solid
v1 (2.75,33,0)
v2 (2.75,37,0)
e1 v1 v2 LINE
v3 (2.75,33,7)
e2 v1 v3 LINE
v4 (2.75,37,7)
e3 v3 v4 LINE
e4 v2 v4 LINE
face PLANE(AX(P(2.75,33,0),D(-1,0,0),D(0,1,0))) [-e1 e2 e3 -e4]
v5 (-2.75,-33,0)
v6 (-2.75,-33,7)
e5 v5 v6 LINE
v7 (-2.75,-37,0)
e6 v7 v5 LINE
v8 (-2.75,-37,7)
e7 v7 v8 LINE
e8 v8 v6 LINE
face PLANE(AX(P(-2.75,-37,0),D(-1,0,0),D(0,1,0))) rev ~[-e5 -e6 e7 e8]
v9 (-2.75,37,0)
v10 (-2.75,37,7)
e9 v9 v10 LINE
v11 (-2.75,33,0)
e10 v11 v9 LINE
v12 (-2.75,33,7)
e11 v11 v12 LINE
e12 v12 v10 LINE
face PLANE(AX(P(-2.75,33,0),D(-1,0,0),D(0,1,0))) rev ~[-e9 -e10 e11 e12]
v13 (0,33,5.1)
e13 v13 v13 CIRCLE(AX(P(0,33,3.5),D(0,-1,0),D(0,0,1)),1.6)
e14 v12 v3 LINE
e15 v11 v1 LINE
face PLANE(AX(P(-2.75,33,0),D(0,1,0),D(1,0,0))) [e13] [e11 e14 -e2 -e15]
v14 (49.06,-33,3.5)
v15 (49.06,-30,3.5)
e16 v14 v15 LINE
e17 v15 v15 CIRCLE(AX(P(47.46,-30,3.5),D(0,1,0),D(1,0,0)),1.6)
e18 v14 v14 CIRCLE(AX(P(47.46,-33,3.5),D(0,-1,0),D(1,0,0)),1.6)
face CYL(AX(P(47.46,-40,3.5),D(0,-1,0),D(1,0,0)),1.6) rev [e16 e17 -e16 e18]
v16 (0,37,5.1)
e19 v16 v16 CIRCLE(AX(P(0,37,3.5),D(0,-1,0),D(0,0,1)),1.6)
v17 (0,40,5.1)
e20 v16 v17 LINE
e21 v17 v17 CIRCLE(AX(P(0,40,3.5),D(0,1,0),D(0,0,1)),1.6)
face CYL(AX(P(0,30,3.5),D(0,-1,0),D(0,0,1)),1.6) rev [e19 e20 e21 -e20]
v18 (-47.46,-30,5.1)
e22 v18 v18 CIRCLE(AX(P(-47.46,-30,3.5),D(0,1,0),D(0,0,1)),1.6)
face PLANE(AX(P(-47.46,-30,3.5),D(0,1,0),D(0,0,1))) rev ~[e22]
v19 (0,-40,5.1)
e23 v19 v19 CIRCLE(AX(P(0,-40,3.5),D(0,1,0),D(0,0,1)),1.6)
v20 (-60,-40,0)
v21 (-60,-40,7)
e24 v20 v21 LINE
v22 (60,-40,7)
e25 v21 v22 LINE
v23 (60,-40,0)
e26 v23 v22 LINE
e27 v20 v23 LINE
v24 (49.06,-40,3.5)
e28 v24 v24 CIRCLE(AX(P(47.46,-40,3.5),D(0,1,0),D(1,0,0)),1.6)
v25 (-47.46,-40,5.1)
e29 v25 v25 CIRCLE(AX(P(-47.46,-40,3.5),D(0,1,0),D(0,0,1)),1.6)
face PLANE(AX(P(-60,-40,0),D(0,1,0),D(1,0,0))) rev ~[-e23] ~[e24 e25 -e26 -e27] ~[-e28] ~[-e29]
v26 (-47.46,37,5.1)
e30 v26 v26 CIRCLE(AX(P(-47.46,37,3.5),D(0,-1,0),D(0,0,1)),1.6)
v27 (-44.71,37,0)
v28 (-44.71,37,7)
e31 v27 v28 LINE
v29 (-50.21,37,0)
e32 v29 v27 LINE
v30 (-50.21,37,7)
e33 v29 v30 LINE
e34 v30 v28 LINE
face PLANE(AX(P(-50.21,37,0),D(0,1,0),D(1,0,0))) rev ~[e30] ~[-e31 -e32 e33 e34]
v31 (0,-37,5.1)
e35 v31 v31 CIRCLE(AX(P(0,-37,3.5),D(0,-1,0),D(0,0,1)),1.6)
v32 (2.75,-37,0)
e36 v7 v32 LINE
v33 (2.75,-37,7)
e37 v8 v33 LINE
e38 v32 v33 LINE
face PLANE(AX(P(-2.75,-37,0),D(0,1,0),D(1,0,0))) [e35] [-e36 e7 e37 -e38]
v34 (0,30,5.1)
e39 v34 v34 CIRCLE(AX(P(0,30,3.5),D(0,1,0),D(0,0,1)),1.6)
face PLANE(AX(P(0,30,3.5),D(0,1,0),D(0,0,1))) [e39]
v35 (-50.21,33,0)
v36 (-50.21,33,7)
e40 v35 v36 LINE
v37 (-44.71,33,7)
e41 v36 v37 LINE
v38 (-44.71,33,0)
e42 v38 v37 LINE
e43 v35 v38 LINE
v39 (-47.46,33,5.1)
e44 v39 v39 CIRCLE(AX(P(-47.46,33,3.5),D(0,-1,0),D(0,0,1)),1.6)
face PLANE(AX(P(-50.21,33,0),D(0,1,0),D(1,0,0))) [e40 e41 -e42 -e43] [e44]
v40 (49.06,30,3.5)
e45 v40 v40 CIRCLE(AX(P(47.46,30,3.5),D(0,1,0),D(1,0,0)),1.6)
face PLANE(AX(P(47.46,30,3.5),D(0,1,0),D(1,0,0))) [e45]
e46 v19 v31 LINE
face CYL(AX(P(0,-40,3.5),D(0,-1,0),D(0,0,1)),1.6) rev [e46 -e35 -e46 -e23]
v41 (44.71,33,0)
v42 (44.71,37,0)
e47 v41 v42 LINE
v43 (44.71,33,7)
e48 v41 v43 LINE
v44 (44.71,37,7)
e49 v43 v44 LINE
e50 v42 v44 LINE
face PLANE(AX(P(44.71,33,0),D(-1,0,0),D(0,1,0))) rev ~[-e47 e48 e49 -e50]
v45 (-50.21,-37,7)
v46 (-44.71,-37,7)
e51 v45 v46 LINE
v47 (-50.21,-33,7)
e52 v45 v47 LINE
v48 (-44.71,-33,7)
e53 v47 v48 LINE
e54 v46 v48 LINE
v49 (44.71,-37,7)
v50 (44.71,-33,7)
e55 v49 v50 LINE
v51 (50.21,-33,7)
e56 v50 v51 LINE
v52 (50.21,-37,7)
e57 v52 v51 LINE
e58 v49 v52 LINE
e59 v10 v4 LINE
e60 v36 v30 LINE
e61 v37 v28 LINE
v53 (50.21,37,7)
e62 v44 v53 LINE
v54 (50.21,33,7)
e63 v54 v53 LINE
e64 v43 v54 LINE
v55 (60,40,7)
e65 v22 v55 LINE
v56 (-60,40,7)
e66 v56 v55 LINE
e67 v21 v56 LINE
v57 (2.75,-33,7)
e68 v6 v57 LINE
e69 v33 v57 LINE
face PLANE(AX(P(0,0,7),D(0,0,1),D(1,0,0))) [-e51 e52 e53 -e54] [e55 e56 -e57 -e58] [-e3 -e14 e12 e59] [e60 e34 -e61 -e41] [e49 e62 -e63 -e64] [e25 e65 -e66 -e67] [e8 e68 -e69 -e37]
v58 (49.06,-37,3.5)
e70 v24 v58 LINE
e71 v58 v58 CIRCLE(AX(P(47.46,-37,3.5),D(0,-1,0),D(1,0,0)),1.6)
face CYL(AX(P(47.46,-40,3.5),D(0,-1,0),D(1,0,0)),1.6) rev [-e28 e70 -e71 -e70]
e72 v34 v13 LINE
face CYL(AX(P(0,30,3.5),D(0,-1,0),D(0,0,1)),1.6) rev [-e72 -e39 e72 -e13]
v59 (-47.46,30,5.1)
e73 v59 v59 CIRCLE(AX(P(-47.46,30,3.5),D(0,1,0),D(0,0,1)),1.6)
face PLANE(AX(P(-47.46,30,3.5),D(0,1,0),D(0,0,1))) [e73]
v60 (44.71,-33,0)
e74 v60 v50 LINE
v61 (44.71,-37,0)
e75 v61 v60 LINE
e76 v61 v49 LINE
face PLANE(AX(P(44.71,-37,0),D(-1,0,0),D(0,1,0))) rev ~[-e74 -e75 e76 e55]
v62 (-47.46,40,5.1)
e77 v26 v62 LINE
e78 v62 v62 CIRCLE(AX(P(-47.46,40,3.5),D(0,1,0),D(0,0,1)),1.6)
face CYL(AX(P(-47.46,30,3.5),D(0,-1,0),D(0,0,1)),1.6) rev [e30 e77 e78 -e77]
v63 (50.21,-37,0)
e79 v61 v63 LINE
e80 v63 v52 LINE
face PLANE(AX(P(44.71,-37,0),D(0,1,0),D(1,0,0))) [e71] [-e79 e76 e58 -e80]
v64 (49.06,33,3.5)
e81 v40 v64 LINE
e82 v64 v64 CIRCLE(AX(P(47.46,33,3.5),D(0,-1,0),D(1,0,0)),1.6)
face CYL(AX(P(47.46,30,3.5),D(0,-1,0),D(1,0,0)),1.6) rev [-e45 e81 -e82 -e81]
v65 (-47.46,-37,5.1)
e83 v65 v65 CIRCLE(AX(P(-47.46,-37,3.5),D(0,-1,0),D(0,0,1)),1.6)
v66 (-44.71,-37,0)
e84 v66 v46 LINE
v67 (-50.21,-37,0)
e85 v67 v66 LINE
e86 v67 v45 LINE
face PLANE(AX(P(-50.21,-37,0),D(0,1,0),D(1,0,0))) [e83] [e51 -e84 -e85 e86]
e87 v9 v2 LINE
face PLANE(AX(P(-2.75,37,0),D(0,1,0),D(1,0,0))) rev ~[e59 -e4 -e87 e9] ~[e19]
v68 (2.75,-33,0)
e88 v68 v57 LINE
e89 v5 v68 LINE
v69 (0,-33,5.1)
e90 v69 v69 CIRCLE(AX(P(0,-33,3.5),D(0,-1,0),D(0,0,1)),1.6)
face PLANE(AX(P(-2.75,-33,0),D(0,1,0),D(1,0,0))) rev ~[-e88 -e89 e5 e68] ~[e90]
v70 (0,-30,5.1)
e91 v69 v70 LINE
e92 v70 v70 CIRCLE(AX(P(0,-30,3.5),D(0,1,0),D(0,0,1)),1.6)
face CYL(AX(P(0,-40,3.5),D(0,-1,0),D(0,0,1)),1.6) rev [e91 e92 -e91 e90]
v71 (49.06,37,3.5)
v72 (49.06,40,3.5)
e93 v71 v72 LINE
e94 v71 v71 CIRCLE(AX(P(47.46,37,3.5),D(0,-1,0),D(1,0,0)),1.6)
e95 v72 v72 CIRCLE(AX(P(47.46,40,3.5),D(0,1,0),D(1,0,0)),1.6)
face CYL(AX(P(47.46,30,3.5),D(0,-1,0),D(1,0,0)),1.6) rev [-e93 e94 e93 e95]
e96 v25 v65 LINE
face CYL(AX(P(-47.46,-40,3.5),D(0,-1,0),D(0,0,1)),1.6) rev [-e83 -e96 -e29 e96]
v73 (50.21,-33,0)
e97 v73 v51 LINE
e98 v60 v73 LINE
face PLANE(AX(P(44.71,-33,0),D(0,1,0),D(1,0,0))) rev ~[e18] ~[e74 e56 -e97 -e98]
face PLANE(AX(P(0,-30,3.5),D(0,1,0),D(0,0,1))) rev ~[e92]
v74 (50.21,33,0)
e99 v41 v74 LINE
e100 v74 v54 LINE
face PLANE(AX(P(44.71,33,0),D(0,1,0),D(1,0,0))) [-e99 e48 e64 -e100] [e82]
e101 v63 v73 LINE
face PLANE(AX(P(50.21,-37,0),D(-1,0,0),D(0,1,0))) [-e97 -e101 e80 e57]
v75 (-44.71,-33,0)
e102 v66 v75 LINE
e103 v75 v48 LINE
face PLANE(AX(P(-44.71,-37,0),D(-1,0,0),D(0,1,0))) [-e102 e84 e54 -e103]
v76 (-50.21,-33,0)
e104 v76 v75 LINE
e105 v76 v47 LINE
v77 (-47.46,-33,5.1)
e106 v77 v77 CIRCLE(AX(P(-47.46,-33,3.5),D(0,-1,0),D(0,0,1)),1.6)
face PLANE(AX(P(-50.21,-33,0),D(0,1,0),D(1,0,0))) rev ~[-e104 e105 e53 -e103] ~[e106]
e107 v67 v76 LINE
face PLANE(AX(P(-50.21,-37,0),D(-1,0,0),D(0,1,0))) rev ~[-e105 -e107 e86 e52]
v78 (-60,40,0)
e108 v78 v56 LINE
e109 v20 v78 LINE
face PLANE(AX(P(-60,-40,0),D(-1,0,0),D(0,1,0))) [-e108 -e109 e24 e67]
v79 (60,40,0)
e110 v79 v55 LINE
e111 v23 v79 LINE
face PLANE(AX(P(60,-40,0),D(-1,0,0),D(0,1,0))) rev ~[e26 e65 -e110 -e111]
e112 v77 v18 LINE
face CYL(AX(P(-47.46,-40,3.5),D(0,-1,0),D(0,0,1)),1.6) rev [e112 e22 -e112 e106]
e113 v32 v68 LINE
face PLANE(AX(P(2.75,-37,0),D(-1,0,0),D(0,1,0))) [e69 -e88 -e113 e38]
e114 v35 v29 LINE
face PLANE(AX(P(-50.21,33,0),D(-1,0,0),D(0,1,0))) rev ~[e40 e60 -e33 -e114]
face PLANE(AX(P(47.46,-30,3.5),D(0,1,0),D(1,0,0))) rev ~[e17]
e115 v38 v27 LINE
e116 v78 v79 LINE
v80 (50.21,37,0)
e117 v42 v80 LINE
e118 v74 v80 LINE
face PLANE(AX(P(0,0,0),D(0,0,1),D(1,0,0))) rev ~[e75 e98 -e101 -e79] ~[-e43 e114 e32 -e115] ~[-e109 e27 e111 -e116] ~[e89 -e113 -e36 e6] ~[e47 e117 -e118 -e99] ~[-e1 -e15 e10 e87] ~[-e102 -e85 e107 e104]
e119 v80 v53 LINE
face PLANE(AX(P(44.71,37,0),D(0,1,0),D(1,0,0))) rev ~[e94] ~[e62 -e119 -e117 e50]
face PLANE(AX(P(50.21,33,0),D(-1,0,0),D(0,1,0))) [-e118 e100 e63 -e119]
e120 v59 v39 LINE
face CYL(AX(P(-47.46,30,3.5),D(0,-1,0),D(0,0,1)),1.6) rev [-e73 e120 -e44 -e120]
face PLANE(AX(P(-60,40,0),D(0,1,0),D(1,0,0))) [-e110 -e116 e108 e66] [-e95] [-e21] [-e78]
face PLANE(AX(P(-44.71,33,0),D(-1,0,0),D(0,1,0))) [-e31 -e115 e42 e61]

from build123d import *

# Parameters (mm, degrees)
ESBO_O1_W                = 120
ESBO_O1_H                = 80
ESBO_O1_W_2              = 5.5
ESBO_O1_H_2              = 4
RESSALTO_EXTRUS_O4_DEPTH = 7
CORTE_EXTRUS_O1_START    = -80
ESBO_O2_R                = 1.6
CORTE_EXTRUS_O1_DEPTH    = 10
CORTE_EXTRUS_O2_START    = -10
ESBO_O2_2_R              = 1.6
CORTE_EXTRUS_O2_DEPTH    = 10


with BuildPart() as part:
    # Esboço1 → Ressalto-extrusão4 (new body)
    with BuildSketch(Plane.XY):
        Rectangle(ESBO_O1_W, ESBO_O1_H)
        with Locations((-47.46, -35)):
            Rectangle(ESBO_O1_W_2, ESBO_O1_H_2, mode=Mode.SUBTRACT)
        with Locations((47.46, -35)):
            Rectangle(ESBO_O1_W_2, ESBO_O1_H_2, mode=Mode.SUBTRACT)
        with Locations((0, -35)):
            Rectangle(ESBO_O1_W_2, ESBO_O1_H_2, mode=Mode.SUBTRACT)
        with Locations((47.46, 35)):
            Rectangle(ESBO_O1_W_2, ESBO_O1_H_2, mode=Mode.SUBTRACT)
        with Locations((0, 35)):
            Rectangle(ESBO_O1_W_2, ESBO_O1_H_2, mode=Mode.SUBTRACT)
        with Locations((-47.46, 35)):
            Rectangle(ESBO_O1_W_2, ESBO_O1_H_2, mode=Mode.SUBTRACT)
    extrude(amount=RESSALTO_EXTRUS_O4_DEPTH)

    # Esboço2 → Corte-extrusão1 (cut)
    with BuildSketch(Plane(origin=(0, 40, 0), x_dir=(1, 0, 0), z_dir=(0, 1, 0)).offset(CORTE_EXTRUS_O1_START)):
        with Locations(Location((-47.46, -3.5, 0), (0, 0, 270))):
            Circle(ESBO_O2_R)
        with Locations(Location((0, -3.5, 0), (0, 0, 270))):
            Circle(ESBO_O2_R)
        with Locations((47.46, -3.5)):
            Circle(ESBO_O2_R)
    extrude(amount=CORTE_EXTRUS_O1_DEPTH, mode=Mode.SUBTRACT)

    # Esboço2<2> → Corte-extrusão2 (cut)
    with BuildSketch(Plane(origin=(0, 40, 0), x_dir=(1, 0, 0), z_dir=(0, 1, 0)).offset(CORTE_EXTRUS_O2_START)):
        with Locations(Location((-47.46, -3.5, 0), (0, 0, 270))):
            Circle(ESBO_O2_2_R)
        with Locations(Location((0, -3.5, 0), (0, 0, 270))):
            Circle(ESBO_O2_2_R)
        with Locations((47.46, -3.5)):
            Circle(ESBO_O2_2_R)
    extrude(amount=CORTE_EXTRUS_O2_DEPTH, mode=Mode.SUBTRACT)


solid = part.part
